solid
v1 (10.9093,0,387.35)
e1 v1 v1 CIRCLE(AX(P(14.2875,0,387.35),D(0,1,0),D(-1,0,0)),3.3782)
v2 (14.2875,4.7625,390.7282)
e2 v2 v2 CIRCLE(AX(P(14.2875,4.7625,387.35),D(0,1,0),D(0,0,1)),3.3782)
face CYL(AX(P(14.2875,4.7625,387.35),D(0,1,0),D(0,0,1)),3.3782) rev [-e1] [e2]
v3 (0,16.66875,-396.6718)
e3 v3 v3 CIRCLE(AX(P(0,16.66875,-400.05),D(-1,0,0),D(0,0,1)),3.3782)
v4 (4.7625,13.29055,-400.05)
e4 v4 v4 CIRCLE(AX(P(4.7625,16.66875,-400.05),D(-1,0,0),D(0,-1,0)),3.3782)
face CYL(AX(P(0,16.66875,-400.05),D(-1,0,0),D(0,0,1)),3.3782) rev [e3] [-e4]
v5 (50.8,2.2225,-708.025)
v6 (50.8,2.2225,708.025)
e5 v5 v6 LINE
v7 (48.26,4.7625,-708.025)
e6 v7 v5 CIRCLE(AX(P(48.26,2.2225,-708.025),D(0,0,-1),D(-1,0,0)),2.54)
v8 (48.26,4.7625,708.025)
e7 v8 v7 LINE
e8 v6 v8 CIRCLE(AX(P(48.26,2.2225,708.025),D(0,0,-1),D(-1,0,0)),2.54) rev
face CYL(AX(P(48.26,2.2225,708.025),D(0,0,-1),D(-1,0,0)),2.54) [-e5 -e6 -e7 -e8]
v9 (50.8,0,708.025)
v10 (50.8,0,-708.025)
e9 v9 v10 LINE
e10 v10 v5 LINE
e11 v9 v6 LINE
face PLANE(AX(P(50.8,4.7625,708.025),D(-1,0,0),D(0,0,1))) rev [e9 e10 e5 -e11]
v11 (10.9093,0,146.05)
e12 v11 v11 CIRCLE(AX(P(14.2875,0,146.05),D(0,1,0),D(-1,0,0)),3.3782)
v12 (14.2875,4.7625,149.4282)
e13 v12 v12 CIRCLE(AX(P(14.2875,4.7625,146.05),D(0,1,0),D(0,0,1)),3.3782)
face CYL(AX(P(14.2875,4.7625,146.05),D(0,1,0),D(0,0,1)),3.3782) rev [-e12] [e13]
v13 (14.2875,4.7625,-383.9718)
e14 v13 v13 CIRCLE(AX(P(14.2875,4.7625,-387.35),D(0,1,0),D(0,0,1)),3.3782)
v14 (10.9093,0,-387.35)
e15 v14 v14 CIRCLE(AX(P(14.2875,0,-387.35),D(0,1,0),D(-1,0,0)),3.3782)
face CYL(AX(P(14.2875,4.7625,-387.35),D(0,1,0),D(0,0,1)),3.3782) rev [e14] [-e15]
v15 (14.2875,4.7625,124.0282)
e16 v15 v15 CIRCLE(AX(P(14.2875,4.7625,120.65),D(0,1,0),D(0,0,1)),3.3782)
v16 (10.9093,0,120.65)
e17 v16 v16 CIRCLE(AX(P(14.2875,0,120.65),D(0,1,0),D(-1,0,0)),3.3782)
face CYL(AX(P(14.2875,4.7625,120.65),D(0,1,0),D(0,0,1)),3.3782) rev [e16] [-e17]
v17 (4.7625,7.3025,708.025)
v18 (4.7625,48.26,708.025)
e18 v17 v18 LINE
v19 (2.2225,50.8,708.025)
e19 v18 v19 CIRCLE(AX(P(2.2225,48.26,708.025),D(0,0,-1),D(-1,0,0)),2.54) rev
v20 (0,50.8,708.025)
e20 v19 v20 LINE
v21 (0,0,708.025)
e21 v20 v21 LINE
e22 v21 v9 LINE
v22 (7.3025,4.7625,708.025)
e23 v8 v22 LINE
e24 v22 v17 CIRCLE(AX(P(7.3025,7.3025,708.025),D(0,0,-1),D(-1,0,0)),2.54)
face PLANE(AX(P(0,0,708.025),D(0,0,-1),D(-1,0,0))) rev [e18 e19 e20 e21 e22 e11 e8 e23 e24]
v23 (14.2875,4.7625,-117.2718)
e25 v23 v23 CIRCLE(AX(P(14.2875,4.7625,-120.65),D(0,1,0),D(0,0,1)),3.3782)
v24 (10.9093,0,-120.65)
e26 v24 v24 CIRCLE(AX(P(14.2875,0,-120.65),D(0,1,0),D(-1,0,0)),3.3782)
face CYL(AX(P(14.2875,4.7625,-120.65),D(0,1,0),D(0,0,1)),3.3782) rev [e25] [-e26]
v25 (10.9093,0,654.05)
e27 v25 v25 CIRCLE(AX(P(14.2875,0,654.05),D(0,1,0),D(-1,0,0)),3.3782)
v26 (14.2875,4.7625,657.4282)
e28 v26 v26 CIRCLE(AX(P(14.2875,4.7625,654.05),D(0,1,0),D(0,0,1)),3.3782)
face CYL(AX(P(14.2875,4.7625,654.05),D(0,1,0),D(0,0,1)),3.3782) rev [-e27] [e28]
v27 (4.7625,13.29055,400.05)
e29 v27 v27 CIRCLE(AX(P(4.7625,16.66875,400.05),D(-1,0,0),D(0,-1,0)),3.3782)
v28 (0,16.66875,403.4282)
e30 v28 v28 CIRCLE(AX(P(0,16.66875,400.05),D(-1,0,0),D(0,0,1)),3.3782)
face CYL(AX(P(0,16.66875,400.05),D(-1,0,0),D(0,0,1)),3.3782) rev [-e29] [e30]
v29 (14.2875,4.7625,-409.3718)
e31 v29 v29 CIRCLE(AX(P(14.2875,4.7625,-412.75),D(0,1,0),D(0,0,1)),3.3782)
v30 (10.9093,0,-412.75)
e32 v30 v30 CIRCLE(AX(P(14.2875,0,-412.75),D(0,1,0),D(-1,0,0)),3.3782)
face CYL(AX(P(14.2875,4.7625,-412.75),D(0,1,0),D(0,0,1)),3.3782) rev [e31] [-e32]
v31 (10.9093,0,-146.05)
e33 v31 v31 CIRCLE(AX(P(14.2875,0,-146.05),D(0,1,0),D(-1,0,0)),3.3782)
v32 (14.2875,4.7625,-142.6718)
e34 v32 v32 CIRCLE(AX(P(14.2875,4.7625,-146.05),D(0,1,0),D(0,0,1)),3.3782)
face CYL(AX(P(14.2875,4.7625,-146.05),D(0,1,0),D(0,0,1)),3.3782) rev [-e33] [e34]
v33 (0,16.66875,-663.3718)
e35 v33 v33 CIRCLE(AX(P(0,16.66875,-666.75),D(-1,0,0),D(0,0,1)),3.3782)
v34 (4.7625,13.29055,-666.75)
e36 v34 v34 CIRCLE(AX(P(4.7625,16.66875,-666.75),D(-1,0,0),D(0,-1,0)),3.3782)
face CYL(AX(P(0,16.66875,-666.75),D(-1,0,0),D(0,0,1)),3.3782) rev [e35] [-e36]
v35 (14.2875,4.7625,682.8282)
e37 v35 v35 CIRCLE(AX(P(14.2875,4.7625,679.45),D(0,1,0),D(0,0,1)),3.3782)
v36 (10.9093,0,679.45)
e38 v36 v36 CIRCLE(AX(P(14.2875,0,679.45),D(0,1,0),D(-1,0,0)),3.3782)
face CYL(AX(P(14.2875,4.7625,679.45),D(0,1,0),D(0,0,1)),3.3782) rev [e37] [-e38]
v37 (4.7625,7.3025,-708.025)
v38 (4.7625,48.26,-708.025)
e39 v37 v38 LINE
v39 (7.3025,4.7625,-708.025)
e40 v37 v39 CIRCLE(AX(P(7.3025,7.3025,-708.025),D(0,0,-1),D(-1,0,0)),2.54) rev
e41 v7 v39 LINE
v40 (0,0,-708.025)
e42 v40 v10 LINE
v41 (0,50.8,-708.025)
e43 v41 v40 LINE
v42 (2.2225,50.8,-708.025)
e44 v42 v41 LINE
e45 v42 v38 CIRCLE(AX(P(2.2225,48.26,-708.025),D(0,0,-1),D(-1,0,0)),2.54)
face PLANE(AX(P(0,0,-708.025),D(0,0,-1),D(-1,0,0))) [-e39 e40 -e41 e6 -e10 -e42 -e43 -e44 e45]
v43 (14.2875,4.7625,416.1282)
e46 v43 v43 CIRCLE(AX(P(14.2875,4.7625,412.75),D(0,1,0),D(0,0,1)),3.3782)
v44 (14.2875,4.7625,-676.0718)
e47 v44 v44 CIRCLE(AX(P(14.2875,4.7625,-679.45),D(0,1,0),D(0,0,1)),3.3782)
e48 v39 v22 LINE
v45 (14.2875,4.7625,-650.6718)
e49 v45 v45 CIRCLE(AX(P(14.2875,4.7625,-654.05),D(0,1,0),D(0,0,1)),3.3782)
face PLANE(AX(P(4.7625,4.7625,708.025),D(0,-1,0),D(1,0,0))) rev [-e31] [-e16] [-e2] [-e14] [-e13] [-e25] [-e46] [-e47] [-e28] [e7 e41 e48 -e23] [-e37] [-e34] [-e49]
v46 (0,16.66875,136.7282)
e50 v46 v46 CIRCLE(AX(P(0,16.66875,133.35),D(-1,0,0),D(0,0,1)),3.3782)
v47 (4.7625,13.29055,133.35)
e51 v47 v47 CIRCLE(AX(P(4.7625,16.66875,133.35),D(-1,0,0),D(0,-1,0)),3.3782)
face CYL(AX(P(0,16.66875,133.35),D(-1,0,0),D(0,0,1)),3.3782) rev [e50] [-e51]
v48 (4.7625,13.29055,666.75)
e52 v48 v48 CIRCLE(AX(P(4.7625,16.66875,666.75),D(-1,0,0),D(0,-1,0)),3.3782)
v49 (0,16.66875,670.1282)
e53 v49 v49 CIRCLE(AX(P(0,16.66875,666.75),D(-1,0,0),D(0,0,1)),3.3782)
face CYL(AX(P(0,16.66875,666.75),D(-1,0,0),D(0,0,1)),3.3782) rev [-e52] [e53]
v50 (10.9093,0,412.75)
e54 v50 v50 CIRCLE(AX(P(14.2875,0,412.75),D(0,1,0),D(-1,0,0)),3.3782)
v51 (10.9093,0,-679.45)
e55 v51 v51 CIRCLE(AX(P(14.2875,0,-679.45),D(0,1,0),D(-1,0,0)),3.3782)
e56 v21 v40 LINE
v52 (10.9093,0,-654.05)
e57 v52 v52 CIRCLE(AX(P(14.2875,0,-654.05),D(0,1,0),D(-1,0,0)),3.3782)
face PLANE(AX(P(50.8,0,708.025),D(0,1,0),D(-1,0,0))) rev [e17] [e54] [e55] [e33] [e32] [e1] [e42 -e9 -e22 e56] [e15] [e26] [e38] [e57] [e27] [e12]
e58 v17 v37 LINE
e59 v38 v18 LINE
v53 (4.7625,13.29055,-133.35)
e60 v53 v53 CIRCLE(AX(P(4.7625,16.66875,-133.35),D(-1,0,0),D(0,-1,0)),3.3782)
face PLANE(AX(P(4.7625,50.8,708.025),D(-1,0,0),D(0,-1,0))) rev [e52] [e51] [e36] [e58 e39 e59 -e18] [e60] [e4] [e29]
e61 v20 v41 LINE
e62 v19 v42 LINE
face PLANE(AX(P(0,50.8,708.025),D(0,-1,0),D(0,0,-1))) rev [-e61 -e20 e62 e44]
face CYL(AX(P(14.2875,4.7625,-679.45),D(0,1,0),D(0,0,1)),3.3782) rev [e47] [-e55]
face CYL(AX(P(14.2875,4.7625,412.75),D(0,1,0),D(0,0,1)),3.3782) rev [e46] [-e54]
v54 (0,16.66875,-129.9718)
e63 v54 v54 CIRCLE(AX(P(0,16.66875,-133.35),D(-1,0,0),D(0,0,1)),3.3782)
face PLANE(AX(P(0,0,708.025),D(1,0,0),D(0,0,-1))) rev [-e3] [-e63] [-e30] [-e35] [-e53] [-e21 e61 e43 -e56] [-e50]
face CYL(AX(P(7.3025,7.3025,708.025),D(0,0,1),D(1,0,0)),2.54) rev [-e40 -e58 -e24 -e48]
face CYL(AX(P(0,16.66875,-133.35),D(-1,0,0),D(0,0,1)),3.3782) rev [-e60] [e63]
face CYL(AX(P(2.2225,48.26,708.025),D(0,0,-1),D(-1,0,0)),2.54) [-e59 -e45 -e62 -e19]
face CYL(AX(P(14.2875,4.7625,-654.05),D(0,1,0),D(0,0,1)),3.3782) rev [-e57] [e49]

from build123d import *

# Parameters (mm, degrees)
BOSS_EXTRUDE1_DEPTH     = 708.025
FILLET1_R               = 2.54
F_1_4_CLEARANCE_HOLE1_D = 6.7564
LPATTERN1_COUNT         = 6
LPATTERN1_PITCH         = 266.7
F_1_4_CLEARANCE_HOLE4_D = 6.7564
LPATTERN4_COUNT         = 6
LPATTERN4_PITCH         = 266.7


with BuildPart() as part:
    # Sketch1 → Boss-Extrude1 (new, symmetric)
    with BuildSketch(Plane.XY):
        Polygon((0, 0), (0, 50.8), (4.7625, 50.8), (4.7625, 4.7625), (50.8, 4.7625), (50.8, 0), align=None)
    extrude(amount=BOSS_EXTRUDE1_DEPTH, both=True)

    # Fillet1
    fillet1_edges = [part.edges().sort_by_distance(p)[0] for p in [
        (4.7625, 50.8, 0),
        (4.7625, 4.7625, 0),
        (50.8, 4.7625, 0),
    ]]
    fillet(fillet1_edges, radius=FILLET1_R)

    # 1/4 Clearance Hole1 (through all)
    with Locations(Plane(origin=(0, 4.7625, 0), x_dir=(1, 0, 0), z_dir=(0, 1, 0))):
        with Locations((14.2875, -679.45), (14.2875, -654.05)):
            f_1_4_clearance_hole1 = Hole(F_1_4_CLEARANCE_HOLE1_D / 2)

    # LPattern1: 1/4 Clearance Hole1 ×6
    with Locations(*[(0, 0, -i * LPATTERN1_PITCH) for i in range(1, LPATTERN1_COUNT)]):
        add(f_1_4_clearance_hole1, mode=Mode.SUBTRACT)

    # 1/4 Clearance Hole4 (through all)
    with Locations(Plane.ZY):
        with Locations((-666.75, 16.66875)):
            f_1_4_clearance_hole4 = Hole(F_1_4_CLEARANCE_HOLE4_D / 2)

    # LPattern4: 1/4 Clearance Hole4 ×6
    with Locations(*[(0, 0, i * LPATTERN4_PITCH) for i in range(1, LPATTERN4_COUNT)]):
        add(f_1_4_clearance_hole4, mode=Mode.SUBTRACT)


solid = part.part
